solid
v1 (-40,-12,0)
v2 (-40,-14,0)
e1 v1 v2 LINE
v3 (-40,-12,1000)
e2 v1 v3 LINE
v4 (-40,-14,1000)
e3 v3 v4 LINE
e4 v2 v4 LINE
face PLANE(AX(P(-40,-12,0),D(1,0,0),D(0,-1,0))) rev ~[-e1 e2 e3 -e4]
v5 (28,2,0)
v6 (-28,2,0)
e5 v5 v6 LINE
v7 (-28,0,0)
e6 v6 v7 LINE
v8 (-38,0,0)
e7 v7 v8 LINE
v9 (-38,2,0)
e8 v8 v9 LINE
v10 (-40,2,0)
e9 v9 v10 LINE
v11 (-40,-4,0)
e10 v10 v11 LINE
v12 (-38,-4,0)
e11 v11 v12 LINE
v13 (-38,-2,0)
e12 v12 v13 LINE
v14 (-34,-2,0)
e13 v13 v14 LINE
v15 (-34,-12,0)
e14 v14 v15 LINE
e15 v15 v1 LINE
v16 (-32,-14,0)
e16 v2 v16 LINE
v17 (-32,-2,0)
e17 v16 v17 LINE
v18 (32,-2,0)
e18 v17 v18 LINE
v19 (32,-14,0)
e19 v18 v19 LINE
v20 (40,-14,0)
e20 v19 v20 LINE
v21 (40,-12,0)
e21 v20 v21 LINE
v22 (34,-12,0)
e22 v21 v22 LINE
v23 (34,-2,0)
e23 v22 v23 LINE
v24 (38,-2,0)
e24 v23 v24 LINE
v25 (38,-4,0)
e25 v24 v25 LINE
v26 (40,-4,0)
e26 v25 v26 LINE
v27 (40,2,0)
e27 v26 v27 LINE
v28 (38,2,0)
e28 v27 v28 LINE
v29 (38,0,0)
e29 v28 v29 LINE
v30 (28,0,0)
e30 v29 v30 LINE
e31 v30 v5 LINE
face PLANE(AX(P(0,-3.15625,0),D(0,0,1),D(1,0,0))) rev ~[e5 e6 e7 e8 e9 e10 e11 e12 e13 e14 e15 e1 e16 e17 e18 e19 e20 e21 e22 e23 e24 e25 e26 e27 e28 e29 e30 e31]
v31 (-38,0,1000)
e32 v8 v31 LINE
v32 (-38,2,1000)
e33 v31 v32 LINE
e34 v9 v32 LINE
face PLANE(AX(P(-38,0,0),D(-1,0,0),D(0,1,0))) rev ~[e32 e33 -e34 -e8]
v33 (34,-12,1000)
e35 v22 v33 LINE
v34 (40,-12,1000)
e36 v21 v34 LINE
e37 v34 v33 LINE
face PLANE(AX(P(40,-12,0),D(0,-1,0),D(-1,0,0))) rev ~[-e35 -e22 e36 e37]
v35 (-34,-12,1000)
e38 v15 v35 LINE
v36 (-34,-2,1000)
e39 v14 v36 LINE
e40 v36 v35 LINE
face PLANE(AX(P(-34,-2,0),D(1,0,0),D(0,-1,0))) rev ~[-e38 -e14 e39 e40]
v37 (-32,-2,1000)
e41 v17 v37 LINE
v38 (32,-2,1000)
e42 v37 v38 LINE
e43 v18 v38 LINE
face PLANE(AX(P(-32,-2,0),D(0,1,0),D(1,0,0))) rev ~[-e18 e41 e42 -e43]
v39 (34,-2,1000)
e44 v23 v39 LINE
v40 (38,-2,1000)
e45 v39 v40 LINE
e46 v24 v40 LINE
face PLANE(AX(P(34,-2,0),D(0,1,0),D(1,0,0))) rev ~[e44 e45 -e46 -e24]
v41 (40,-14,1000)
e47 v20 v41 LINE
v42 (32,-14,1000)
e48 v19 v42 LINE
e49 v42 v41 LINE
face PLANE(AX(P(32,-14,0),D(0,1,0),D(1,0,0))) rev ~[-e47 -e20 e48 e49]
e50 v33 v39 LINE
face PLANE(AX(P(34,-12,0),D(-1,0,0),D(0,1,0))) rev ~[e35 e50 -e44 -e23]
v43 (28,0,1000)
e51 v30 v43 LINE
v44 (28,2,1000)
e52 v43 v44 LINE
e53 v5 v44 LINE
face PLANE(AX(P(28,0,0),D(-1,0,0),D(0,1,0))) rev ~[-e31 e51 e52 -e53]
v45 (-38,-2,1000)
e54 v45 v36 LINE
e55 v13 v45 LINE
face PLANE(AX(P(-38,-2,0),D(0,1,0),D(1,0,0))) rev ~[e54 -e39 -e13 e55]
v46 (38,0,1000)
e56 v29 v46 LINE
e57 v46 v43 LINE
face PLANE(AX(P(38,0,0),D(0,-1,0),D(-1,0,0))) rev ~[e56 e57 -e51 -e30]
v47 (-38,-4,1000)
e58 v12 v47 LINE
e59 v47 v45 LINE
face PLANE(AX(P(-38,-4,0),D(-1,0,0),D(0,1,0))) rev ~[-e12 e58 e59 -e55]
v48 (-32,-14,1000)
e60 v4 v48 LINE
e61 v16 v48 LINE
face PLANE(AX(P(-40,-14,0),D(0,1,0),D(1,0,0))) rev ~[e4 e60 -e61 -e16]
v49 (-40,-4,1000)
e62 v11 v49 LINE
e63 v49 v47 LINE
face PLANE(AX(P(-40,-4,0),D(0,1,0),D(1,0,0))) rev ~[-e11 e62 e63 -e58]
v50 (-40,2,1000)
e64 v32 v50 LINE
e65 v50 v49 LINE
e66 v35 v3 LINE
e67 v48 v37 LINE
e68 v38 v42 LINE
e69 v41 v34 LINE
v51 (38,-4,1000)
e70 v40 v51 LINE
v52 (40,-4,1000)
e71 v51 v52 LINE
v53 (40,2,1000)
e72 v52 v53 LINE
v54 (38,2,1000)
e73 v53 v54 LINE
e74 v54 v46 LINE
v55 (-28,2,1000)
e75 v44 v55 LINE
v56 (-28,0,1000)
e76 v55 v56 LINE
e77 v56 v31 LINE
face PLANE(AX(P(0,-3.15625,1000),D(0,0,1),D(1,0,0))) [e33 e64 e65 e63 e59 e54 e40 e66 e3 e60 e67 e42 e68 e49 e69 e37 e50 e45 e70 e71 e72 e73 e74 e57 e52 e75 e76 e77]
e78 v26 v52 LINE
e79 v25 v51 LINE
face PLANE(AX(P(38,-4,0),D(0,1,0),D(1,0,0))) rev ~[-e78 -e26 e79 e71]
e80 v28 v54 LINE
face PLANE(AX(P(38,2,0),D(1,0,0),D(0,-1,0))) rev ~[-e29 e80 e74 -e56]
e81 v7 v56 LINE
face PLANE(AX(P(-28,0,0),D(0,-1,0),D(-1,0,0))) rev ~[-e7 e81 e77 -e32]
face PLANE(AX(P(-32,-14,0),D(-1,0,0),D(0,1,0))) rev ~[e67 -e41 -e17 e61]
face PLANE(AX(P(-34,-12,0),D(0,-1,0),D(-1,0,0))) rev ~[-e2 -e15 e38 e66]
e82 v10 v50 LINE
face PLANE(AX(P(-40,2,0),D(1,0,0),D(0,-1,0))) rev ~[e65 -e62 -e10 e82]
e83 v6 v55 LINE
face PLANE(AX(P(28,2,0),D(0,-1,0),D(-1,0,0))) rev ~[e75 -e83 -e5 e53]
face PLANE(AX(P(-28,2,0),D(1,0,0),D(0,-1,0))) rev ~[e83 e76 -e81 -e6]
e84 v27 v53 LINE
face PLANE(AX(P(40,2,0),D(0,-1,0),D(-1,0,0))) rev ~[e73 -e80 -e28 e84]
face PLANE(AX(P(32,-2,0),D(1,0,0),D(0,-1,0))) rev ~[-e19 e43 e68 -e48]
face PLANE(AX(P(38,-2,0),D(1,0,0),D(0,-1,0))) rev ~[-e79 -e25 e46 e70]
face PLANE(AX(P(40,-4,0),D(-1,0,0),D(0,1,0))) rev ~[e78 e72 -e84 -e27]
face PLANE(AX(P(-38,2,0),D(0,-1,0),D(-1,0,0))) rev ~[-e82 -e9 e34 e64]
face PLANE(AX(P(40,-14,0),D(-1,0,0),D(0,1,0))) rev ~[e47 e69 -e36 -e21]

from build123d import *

# Parameters (mm, degrees)
PAD_DEPTH = 1000


with BuildPart() as part:
    # Sketch → Pad (new body)
    with BuildSketch(Plane.XY):
        Polygon((0, 2), (-28, 2), (-28, 0), (-38, 0), (-38, 2), (-40, 2), (-40, -4), (-38, -4), (-38, -2), (-34, -2), (-34, -12), (-40, -12), (-40, -14), (-32, -14), (-32, -2), (0, -2), (32, -2), (32, -14), (40, -14), (40, -12), (34, -12), (34, -2), (38, -2), (38, -4), (40, -4), (40, 2), (38, 2), (38, 0), (28, 0), (28, 2), align=None)
    extrude(amount=PAD_DEPTH)


solid = part.part
